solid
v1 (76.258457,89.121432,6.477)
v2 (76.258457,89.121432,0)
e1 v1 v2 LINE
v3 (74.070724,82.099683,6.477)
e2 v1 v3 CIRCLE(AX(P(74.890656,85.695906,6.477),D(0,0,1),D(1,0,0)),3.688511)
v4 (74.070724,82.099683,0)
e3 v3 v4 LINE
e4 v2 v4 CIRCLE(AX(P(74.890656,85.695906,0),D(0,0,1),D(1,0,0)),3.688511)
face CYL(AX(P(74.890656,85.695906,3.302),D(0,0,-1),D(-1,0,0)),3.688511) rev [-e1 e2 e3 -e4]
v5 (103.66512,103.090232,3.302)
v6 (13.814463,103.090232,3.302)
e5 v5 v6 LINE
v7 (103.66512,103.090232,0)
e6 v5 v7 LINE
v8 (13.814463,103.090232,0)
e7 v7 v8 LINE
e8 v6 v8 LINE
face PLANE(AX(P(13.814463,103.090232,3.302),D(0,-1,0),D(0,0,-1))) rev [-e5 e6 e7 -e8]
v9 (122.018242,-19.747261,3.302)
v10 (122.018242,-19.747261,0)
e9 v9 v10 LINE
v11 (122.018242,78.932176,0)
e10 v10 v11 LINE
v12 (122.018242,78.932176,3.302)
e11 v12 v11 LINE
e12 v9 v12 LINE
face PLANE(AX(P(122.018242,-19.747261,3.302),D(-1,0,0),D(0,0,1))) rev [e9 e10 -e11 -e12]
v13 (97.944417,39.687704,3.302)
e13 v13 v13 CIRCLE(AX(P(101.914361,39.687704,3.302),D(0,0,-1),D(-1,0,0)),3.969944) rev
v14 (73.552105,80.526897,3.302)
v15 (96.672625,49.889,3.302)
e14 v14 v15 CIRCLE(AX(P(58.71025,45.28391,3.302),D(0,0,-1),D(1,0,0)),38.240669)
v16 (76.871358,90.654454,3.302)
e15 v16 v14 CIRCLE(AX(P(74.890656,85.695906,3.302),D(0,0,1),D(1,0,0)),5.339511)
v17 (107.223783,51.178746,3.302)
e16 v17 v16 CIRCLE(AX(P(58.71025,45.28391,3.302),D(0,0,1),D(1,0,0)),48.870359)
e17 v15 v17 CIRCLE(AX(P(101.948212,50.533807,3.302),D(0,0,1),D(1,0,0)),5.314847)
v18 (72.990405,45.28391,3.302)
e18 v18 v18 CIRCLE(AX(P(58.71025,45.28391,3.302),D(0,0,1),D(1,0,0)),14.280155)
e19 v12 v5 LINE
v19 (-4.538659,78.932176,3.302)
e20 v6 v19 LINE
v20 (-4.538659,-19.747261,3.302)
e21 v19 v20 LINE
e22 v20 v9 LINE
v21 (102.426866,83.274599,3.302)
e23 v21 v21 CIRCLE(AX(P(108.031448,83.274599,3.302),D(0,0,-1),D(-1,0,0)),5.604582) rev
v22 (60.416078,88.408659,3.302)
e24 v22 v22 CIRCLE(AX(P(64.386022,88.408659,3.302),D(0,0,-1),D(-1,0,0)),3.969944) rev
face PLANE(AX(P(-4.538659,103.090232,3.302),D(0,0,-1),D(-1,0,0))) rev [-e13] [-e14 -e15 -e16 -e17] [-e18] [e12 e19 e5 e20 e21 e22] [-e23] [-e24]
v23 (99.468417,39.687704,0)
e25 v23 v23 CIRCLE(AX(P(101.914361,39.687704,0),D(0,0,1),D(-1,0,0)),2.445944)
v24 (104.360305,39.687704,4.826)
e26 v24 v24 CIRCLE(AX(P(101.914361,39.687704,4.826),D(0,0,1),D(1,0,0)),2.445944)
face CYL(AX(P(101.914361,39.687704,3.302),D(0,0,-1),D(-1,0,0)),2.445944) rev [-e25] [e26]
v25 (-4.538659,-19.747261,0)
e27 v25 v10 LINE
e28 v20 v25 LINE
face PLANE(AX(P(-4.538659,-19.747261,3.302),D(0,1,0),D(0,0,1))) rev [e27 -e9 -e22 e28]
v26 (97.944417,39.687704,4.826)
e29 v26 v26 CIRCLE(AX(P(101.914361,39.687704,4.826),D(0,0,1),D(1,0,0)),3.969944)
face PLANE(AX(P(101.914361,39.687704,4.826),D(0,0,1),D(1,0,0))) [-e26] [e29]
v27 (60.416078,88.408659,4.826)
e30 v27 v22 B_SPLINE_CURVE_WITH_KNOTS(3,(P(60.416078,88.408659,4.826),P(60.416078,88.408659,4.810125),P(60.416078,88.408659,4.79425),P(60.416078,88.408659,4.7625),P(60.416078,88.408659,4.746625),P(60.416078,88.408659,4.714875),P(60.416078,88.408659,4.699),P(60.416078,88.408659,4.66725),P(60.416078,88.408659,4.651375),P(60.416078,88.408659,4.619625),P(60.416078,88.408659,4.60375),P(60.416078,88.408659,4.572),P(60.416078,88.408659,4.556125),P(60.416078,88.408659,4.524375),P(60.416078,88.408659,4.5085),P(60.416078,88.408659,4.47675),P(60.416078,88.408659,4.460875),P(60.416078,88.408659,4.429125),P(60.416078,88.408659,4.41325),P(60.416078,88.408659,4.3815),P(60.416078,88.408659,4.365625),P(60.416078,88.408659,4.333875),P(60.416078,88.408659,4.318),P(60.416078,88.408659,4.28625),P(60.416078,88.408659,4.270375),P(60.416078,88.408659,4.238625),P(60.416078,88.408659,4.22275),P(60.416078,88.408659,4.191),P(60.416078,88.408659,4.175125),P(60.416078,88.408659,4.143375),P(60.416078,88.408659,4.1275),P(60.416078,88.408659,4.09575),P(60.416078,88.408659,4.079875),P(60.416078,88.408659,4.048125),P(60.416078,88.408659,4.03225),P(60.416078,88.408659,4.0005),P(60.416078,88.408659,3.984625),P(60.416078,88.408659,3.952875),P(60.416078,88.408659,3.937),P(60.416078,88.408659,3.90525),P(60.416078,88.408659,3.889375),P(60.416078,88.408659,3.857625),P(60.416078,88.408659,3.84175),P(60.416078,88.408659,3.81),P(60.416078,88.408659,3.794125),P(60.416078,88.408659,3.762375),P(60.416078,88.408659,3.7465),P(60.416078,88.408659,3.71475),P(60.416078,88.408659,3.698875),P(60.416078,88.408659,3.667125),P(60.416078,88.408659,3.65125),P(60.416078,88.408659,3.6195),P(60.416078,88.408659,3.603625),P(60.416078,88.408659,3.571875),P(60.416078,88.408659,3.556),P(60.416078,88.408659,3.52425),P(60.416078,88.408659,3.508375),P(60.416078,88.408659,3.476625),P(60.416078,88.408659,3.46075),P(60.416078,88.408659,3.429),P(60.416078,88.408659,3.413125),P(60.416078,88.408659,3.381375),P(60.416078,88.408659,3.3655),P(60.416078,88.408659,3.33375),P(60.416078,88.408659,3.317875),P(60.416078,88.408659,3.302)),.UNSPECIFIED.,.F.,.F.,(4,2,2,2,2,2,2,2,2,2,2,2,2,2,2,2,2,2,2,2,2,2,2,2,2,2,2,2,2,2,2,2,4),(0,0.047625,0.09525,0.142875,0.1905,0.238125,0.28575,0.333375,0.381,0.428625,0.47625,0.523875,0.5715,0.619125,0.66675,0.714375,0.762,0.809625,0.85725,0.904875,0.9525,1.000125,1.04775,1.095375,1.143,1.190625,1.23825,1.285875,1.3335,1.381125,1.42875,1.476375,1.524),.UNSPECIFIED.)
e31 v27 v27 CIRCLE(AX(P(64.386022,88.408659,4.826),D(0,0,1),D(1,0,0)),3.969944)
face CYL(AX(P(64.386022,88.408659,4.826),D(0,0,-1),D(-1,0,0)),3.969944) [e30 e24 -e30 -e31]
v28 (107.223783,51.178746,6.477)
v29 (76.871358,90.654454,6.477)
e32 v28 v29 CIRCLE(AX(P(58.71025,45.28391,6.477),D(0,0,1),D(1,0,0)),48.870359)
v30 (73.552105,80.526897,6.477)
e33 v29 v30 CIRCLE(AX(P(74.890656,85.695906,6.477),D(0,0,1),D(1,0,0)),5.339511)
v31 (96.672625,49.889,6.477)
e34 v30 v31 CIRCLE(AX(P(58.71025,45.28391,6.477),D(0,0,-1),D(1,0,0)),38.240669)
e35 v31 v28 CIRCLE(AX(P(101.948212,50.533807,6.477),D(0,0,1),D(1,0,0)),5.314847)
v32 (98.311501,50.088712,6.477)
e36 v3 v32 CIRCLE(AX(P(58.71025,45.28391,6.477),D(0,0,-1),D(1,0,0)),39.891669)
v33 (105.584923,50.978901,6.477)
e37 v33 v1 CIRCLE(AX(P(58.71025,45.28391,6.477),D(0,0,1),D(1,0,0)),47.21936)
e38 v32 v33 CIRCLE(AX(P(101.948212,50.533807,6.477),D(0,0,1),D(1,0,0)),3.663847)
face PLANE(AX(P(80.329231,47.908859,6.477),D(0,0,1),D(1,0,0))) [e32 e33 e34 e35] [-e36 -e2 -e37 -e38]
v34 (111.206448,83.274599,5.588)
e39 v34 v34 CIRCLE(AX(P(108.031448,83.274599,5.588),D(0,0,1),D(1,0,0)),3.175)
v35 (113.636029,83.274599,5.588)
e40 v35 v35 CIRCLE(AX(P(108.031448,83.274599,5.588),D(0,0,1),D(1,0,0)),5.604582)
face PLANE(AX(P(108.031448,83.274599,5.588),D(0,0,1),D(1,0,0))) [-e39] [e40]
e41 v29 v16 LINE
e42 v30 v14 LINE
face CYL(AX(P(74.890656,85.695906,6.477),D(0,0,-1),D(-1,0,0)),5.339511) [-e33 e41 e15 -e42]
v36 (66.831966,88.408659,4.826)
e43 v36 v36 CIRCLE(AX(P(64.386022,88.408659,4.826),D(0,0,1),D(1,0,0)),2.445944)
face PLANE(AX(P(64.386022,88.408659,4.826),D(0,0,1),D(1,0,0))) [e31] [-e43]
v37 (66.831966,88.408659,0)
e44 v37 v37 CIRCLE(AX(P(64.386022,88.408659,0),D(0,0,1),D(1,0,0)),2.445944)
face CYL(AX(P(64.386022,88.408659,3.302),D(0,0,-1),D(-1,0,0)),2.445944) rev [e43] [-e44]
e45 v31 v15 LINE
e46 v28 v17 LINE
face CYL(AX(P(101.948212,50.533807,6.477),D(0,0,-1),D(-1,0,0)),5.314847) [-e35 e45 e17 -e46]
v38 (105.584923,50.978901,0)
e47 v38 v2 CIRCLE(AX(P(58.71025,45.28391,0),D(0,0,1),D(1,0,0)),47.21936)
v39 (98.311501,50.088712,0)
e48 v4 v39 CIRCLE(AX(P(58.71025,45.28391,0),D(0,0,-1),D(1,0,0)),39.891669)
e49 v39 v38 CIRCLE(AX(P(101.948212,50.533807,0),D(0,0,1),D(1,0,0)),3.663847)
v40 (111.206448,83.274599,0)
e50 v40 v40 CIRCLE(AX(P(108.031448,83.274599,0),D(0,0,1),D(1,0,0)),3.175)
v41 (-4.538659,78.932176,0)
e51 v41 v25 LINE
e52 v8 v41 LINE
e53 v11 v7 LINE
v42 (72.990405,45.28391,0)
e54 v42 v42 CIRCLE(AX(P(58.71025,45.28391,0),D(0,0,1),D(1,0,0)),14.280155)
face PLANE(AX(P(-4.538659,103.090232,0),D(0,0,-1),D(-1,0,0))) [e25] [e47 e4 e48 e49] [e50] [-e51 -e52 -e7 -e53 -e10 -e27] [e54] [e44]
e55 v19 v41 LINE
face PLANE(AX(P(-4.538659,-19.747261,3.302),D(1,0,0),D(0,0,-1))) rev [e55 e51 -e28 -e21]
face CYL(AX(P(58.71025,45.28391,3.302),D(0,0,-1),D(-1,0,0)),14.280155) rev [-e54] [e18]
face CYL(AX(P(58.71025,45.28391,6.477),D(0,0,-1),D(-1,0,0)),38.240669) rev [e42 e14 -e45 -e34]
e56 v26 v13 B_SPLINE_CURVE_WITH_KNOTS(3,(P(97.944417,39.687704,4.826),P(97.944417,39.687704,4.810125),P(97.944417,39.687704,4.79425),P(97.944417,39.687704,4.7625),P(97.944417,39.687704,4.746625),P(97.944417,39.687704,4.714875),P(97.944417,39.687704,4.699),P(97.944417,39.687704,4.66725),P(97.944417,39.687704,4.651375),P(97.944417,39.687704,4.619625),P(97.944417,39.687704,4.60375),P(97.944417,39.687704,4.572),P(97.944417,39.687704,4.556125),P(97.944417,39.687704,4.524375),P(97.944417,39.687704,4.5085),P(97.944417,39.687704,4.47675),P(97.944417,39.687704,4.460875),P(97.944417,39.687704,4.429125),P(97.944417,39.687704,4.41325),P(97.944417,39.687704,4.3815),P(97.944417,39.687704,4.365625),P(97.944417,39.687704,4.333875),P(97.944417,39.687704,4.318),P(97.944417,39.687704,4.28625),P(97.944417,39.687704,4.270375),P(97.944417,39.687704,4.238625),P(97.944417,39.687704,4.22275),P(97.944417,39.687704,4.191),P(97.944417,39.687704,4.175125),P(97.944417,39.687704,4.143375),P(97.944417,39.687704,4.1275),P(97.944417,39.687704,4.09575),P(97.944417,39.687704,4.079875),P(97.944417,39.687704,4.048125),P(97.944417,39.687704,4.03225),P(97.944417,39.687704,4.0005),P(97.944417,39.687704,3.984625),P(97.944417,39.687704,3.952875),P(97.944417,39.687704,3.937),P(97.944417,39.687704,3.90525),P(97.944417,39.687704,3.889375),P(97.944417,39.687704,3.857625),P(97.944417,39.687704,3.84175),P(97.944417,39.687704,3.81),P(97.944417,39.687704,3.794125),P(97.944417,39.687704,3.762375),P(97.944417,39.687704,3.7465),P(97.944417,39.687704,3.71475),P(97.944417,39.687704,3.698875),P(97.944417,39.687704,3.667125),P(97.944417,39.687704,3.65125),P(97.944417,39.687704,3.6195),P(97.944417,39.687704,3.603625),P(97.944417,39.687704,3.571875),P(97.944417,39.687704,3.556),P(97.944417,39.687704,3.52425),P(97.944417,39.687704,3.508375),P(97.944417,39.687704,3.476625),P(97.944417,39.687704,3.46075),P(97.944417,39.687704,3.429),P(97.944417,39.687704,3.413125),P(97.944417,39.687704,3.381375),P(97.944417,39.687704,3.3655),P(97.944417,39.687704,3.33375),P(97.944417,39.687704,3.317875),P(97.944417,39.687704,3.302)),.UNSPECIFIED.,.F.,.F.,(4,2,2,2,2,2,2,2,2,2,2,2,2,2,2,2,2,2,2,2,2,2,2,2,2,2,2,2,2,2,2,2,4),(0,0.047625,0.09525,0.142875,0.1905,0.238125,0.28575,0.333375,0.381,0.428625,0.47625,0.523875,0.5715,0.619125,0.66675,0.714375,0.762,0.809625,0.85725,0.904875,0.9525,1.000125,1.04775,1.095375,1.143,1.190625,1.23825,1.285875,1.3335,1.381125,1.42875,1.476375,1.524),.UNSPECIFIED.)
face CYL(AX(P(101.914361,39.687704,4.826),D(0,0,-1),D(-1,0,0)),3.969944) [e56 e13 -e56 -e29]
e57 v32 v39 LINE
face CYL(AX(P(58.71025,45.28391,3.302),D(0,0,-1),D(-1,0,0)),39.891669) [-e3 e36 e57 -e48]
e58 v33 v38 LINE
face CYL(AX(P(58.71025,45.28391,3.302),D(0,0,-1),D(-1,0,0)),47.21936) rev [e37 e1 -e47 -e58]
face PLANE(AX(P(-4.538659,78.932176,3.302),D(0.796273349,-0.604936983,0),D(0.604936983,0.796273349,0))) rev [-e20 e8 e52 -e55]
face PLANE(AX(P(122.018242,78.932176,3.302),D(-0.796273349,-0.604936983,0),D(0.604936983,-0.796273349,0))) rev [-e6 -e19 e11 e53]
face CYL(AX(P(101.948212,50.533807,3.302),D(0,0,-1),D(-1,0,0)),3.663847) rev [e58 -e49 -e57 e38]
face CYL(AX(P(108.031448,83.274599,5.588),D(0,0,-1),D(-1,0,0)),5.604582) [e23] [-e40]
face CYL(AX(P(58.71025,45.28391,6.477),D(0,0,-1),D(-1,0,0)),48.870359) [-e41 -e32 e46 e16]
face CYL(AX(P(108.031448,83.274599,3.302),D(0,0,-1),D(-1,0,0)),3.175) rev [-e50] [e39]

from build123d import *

# Parameters (mm, degrees)
SKETCH1_R      = 14.280154621
SKETCH1_R_2    = 3.175
SKETCH1_R_3    = 2.445943814
EXTRUDE1_DEPTH = 3.302
EXTRUDE2_DEPTH = 3.175
SKETCH3_R      = 3.969943814
SKETCH3_R_2    = 2.445943814
EXTRUDE3_DEPTH = 1.524
SKETCH4_R      = 5.604581629
SKETCH4_R_2    = 3.175
EXTRUDE4_DEPTH = 2.286


with BuildPart() as part:
    # Sketch1 → Extrude1 (new body)
    with BuildSketch(Plane.XY):
        Polygon((122.018241697, 78.932176277), (103.665120274, 103.090232189), (13.814462921, 103.090232189), (-4.538658503, 78.932176277), (-4.538658503, -19.747260734), (122.018241697, -19.747260734), align=None)
        with Locations((58.710249945, 45.283910371)):
            Circle(SKETCH1_R, mode=Mode.SUBTRACT)
        with Locations((108.031447678, 83.274598732)):
            Circle(SKETCH1_R_2, mode=Mode.SUBTRACT)
        with Locations((64.386022104, 88.408658993)):
            Circle(SKETCH1_R_3, mode=Mode.SUBTRACT)
        with Locations(Location((101.914361119, 39.6877037, 0), (0, 0, 180))):
            Circle(SKETCH1_R_3, mode=Mode.SUBTRACT)
        with BuildLine():
            ThreePointArc((105.584923307, 50.978901238), (96.144059082, 74.065464486), (76.258457488, 89.121432379))
            ThreePointArc((76.258457488, 89.121432379), (71.3691103, 86.793097674), (74.070723534, 82.099682674))
            ThreePointArc((74.070723534, 82.099682674), (90.512346787, 69.36651562), (98.311501424, 50.088712183))
            ThreePointArc((98.311501424, 50.088712183), (102.393306893, 46.897095769), (105.584923307, 50.978901238))
        make_face(mode=Mode.SUBTRACT)
    extrude(amount=EXTRUDE1_DEPTH)

    # Sketch2 → Extrude2 (add)
    with BuildSketch(Plane.XY.offset(3.302)):
        with BuildLine():
            ThreePointArc((96.672625226, 49.888999726), (89.234697097, 68.318816731), (73.552104701, 80.526896868))
            ThreePointArc((73.552104701, 80.526896868), (69.816708658, 87.358865324), (76.871357609, 90.654453557))
            ThreePointArc((76.871357609, 90.654453557), (97.452472431, 75.07236814), (107.223783381, 51.178746493))
            ThreePointArc((107.223783381, 51.178746493), (102.593085742, 45.258227686), (96.672625226, 49.888999726))
        make_face()
        with BuildLine():
            ThreePointArc((98.311501424, 50.088712183), (102.393306893, 46.897095769), (105.584923307, 50.978901238))
            ThreePointArc((105.584923307, 50.978901238), (96.144059082, 74.065464486), (76.258457488, 89.121432379))
            ThreePointArc((76.258457488, 89.121432379), (71.3691103, 86.793097674), (74.070723534, 82.099682674))
            ThreePointArc((74.070723534, 82.099682674), (90.512346787, 69.36651562), (98.311501424, 50.088712183))
        make_face(mode=Mode.SUBTRACT)
    extrude(amount=EXTRUDE2_DEPTH)

    # Sketch3 → Extrude3 (add)
    # profile 1 of 2: a face of its own
    with BuildSketch(Plane.XY.offset(3.302)):
        with Locations(Location((64.386022104, 88.408658993, 0), (0, 0, 180))):
            Circle(SKETCH3_R)
        with Locations((64.386022104, 88.408658993)):
            Circle(SKETCH3_R_2, mode=Mode.SUBTRACT)
    # profile 2 of 2: a face of its own
    with BuildSketch(Plane.XY.offset(3.302)):
        with Locations(Location((101.914361119, 39.6877037, 0), (0, 0, 180))):
            Circle(SKETCH3_R)
        with Locations(Location((101.914361119, 39.6877037, 0), (0, 0, 180))):
            Circle(SKETCH3_R_2, mode=Mode.SUBTRACT)
    extrude(amount=EXTRUDE3_DEPTH)

    # Sketch4 → Extrude4 (add)
    with BuildSketch(Plane.XY.offset(3.302)):
        with Locations(Location((108.031447678, 83.274598732, 0), (0, 0, 180))):
            Circle(SKETCH4_R)
        with Locations((108.031447678, 83.274598732)):
            Circle(SKETCH4_R_2, mode=Mode.SUBTRACT)
    extrude(amount=EXTRUDE4_DEPTH)


solid = part.part
